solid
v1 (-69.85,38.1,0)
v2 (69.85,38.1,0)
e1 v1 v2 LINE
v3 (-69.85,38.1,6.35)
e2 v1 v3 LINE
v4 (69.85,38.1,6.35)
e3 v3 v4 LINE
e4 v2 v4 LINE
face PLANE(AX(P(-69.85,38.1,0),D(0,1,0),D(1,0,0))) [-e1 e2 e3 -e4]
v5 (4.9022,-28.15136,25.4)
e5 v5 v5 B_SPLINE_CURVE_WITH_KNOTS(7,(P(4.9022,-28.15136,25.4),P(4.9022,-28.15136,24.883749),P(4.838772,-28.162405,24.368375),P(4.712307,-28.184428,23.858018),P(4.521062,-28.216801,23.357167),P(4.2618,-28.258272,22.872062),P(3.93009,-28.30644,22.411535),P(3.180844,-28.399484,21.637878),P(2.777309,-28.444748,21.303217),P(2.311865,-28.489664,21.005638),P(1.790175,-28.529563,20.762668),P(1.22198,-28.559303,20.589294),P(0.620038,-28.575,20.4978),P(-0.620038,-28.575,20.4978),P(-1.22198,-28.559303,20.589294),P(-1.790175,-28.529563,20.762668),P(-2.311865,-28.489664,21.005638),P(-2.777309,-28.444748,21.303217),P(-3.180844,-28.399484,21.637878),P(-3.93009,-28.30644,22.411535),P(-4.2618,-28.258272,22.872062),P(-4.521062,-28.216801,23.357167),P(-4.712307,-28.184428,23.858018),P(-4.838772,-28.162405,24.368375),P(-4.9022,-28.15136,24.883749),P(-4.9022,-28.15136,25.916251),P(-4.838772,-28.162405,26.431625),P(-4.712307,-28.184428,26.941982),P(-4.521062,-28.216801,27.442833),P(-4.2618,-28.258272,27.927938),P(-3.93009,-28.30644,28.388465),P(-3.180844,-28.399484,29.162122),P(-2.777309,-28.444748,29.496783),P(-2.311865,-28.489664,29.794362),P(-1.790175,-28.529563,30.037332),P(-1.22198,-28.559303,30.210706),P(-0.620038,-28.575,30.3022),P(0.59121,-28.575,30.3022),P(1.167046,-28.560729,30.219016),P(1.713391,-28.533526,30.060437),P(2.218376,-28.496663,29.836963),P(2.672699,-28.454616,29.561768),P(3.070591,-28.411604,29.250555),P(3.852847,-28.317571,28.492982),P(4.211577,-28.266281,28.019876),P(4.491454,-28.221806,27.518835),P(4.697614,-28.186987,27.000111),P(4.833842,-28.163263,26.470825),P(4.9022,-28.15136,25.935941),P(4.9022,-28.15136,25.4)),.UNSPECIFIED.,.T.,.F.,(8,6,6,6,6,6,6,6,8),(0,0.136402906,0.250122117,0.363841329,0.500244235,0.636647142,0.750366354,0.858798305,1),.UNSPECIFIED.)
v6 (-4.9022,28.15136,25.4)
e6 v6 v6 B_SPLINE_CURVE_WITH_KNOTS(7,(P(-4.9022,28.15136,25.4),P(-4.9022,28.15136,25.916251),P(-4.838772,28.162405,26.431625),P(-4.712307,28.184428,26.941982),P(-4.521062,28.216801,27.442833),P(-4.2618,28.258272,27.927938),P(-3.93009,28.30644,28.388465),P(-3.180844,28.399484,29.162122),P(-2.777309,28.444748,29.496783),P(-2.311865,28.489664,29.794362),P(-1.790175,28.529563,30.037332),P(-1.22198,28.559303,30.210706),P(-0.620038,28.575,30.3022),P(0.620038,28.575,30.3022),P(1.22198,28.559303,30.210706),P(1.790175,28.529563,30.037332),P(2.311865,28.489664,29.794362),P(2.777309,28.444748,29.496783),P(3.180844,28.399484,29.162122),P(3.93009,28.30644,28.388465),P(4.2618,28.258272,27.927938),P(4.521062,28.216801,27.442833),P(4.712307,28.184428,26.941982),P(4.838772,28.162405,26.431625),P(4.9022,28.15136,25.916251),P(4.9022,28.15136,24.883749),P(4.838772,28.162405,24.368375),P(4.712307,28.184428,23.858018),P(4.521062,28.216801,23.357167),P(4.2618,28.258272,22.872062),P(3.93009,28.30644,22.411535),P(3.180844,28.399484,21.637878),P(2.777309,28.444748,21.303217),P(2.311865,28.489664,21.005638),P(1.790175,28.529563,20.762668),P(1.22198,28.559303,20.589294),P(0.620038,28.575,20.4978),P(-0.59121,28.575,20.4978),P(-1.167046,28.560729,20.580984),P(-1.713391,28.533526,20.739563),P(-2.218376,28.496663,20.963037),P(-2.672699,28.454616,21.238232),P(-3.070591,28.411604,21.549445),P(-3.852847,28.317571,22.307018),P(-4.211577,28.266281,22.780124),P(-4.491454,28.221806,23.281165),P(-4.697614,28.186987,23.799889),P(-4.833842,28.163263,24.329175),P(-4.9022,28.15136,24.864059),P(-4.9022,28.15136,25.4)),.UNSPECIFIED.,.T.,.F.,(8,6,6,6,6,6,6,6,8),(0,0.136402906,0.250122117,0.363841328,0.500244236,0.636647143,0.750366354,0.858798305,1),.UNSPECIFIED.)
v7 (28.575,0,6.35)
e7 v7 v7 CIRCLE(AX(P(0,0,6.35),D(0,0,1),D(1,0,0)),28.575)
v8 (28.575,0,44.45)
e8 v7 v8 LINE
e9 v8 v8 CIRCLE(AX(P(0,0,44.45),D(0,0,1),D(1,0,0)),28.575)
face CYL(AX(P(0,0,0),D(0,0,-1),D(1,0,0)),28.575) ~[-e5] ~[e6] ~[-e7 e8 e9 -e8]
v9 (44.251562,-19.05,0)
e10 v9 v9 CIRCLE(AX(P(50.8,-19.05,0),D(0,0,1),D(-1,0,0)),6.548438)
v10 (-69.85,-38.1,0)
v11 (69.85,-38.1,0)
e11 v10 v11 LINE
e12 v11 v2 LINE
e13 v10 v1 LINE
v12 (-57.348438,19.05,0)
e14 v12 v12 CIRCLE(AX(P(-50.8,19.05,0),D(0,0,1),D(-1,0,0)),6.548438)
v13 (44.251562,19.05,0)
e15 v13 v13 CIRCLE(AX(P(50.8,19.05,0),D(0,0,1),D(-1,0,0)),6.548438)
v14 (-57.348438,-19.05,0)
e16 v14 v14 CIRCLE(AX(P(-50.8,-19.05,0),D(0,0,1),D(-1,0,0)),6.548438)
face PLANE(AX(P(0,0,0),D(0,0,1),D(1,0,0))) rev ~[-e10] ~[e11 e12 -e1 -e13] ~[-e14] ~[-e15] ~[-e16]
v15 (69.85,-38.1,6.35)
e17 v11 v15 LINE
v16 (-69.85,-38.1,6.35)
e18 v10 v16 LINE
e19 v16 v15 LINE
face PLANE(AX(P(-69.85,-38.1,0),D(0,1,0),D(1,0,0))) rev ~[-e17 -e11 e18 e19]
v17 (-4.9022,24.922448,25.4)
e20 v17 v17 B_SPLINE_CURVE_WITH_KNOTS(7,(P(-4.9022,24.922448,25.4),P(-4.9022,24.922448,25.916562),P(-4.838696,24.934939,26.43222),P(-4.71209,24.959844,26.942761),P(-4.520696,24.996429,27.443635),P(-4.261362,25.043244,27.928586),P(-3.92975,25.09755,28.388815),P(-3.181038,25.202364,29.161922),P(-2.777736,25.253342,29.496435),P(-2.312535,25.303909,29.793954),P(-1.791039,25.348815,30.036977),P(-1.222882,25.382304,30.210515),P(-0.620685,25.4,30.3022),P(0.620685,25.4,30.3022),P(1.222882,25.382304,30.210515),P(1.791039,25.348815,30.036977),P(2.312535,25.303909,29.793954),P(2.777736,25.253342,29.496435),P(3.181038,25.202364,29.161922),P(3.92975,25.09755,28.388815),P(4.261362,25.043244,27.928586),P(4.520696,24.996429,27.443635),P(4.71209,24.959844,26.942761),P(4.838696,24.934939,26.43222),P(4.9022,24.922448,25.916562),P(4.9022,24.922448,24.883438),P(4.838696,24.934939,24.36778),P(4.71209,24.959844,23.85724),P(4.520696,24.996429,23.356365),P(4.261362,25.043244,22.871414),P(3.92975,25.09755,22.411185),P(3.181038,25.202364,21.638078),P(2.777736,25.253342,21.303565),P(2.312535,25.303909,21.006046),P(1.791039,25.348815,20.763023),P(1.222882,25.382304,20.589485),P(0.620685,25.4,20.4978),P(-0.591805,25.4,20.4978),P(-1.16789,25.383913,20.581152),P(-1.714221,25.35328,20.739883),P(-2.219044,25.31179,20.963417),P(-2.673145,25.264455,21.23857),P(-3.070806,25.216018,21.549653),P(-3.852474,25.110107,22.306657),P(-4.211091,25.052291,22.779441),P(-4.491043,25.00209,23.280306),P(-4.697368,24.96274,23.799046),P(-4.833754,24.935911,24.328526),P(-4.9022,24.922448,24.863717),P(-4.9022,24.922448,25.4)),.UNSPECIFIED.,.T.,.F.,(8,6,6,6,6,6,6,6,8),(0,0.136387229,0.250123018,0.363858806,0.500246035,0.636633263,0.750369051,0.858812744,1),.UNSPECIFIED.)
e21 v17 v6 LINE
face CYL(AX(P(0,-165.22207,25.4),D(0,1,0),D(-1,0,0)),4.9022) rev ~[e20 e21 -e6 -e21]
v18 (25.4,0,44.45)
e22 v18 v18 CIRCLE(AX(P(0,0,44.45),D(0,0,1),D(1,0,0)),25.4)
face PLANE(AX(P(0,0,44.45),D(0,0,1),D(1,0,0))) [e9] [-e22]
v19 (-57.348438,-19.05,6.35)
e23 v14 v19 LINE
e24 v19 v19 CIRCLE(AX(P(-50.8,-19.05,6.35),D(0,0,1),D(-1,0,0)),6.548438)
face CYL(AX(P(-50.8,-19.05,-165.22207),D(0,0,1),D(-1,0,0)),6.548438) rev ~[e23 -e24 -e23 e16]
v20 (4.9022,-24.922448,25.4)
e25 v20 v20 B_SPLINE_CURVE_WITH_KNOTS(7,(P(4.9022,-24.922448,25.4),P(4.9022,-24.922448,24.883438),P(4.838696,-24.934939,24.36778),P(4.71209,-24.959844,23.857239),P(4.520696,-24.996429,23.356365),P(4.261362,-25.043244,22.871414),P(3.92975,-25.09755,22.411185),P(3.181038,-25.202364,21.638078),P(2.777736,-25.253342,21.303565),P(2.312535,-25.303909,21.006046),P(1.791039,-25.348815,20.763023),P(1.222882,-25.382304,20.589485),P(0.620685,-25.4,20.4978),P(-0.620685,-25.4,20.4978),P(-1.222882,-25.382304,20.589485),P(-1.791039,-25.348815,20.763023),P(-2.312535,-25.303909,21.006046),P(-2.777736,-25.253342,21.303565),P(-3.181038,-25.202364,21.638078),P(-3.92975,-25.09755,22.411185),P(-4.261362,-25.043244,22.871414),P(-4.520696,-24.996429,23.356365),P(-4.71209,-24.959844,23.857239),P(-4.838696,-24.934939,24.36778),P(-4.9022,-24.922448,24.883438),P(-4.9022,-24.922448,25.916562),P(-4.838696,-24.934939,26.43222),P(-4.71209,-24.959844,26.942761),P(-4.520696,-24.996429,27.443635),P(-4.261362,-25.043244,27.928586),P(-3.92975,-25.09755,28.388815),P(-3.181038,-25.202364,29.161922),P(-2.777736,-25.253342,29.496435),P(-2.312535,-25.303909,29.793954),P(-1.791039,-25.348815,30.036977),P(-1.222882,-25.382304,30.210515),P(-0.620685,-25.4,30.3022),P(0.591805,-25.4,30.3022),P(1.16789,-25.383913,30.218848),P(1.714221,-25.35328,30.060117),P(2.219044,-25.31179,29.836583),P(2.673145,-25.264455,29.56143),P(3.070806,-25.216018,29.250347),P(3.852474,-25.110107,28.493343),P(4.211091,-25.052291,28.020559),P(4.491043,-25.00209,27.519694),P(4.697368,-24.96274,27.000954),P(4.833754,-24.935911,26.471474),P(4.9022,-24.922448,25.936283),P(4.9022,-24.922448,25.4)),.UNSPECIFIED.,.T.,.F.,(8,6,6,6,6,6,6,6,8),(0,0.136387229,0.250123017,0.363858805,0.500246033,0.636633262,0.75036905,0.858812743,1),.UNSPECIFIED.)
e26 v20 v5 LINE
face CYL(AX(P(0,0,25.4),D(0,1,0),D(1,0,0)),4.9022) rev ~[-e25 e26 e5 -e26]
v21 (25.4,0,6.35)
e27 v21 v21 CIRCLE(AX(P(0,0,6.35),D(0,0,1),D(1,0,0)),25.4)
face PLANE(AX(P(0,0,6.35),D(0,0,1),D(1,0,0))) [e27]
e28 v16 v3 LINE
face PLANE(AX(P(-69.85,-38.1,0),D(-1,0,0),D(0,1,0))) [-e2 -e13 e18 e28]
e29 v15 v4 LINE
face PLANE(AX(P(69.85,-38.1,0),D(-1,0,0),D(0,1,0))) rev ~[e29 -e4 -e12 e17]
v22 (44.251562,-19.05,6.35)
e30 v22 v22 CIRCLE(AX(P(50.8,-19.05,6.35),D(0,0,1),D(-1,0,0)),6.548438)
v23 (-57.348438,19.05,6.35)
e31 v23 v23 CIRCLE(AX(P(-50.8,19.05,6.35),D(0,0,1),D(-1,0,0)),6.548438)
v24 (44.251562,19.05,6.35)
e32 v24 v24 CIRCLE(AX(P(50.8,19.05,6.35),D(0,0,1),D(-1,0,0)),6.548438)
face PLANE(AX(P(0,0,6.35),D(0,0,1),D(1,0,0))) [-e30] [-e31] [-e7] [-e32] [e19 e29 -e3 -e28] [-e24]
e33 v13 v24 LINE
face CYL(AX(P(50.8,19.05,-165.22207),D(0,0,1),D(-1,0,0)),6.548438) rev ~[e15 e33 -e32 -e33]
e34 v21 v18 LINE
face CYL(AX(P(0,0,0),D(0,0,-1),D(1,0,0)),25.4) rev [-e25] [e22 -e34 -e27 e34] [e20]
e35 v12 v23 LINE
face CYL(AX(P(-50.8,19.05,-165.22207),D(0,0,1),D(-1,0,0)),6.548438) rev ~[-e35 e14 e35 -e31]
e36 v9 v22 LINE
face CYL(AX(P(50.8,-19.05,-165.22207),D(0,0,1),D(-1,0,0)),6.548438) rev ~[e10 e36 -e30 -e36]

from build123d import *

# Parameters (mm, degrees)
F0_R     = 25.4
F1_DEPTH = 6.35
F0_W     = 139.7
F0_H     = 76.2
F0_R_2   = 28.575
F2_DEPTH = 44.45
F3_D     = 13.096875
F5_D     = 9.8044
F5_DEPTH = 38.101
F6_D     = 9.8044


with BuildPart() as f1:
    # F0 (on Top) → F1 (new body)
    with BuildSketch(Plane.XY):
        Circle(F0_R)
    extrude(amount=F1_DEPTH)



with BuildPart() as f1b:
    # F0 (on Top) → F1, piece 2 (new body)
    with BuildSketch(Plane.XY):
        Rectangle(F0_W, F0_H)
        Circle(F0_R_2, mode=Mode.SUBTRACT)
    extrude(amount=F1_DEPTH)


with BuildPart() as f1_1:
    add(f1.part)

    add(f1b.part)  # F2 merges F1b
    # F0 (on Top) → F2 (join)
    with BuildSketch(Plane.XY):
        Circle(F0_R_2)
        Circle(F0_R, mode=Mode.SUBTRACT)
    extrude(amount=F2_DEPTH)

    # F3 (through all)
    with Locations(Plane(origin=(0, 0, 0), x_dir=(1, 0, 0), z_dir=(0, 0, -1))):
        with Locations((-50.8, -19.05), (50.8, -19.05), (50.8, 19.05), (-50.8, 19.05)):
            Hole(F3_D / 2)

    # F5 (through all, one way)
    with BuildSketch(Plane(origin=(0, 0, 0), x_dir=(1, 0, 0), z_dir=(0, 1, 0))):
        with Locations((0, -25.4)):
            Circle(F5_D / 2)
    extrude(amount=-F5_DEPTH, mode=Mode.SUBTRACT)

    # F6 (through all)
    with Locations(Plane.XZ):
        with Locations((0, 25.4)):
            Hole(F6_D / 2)


solid = f1_1.part
